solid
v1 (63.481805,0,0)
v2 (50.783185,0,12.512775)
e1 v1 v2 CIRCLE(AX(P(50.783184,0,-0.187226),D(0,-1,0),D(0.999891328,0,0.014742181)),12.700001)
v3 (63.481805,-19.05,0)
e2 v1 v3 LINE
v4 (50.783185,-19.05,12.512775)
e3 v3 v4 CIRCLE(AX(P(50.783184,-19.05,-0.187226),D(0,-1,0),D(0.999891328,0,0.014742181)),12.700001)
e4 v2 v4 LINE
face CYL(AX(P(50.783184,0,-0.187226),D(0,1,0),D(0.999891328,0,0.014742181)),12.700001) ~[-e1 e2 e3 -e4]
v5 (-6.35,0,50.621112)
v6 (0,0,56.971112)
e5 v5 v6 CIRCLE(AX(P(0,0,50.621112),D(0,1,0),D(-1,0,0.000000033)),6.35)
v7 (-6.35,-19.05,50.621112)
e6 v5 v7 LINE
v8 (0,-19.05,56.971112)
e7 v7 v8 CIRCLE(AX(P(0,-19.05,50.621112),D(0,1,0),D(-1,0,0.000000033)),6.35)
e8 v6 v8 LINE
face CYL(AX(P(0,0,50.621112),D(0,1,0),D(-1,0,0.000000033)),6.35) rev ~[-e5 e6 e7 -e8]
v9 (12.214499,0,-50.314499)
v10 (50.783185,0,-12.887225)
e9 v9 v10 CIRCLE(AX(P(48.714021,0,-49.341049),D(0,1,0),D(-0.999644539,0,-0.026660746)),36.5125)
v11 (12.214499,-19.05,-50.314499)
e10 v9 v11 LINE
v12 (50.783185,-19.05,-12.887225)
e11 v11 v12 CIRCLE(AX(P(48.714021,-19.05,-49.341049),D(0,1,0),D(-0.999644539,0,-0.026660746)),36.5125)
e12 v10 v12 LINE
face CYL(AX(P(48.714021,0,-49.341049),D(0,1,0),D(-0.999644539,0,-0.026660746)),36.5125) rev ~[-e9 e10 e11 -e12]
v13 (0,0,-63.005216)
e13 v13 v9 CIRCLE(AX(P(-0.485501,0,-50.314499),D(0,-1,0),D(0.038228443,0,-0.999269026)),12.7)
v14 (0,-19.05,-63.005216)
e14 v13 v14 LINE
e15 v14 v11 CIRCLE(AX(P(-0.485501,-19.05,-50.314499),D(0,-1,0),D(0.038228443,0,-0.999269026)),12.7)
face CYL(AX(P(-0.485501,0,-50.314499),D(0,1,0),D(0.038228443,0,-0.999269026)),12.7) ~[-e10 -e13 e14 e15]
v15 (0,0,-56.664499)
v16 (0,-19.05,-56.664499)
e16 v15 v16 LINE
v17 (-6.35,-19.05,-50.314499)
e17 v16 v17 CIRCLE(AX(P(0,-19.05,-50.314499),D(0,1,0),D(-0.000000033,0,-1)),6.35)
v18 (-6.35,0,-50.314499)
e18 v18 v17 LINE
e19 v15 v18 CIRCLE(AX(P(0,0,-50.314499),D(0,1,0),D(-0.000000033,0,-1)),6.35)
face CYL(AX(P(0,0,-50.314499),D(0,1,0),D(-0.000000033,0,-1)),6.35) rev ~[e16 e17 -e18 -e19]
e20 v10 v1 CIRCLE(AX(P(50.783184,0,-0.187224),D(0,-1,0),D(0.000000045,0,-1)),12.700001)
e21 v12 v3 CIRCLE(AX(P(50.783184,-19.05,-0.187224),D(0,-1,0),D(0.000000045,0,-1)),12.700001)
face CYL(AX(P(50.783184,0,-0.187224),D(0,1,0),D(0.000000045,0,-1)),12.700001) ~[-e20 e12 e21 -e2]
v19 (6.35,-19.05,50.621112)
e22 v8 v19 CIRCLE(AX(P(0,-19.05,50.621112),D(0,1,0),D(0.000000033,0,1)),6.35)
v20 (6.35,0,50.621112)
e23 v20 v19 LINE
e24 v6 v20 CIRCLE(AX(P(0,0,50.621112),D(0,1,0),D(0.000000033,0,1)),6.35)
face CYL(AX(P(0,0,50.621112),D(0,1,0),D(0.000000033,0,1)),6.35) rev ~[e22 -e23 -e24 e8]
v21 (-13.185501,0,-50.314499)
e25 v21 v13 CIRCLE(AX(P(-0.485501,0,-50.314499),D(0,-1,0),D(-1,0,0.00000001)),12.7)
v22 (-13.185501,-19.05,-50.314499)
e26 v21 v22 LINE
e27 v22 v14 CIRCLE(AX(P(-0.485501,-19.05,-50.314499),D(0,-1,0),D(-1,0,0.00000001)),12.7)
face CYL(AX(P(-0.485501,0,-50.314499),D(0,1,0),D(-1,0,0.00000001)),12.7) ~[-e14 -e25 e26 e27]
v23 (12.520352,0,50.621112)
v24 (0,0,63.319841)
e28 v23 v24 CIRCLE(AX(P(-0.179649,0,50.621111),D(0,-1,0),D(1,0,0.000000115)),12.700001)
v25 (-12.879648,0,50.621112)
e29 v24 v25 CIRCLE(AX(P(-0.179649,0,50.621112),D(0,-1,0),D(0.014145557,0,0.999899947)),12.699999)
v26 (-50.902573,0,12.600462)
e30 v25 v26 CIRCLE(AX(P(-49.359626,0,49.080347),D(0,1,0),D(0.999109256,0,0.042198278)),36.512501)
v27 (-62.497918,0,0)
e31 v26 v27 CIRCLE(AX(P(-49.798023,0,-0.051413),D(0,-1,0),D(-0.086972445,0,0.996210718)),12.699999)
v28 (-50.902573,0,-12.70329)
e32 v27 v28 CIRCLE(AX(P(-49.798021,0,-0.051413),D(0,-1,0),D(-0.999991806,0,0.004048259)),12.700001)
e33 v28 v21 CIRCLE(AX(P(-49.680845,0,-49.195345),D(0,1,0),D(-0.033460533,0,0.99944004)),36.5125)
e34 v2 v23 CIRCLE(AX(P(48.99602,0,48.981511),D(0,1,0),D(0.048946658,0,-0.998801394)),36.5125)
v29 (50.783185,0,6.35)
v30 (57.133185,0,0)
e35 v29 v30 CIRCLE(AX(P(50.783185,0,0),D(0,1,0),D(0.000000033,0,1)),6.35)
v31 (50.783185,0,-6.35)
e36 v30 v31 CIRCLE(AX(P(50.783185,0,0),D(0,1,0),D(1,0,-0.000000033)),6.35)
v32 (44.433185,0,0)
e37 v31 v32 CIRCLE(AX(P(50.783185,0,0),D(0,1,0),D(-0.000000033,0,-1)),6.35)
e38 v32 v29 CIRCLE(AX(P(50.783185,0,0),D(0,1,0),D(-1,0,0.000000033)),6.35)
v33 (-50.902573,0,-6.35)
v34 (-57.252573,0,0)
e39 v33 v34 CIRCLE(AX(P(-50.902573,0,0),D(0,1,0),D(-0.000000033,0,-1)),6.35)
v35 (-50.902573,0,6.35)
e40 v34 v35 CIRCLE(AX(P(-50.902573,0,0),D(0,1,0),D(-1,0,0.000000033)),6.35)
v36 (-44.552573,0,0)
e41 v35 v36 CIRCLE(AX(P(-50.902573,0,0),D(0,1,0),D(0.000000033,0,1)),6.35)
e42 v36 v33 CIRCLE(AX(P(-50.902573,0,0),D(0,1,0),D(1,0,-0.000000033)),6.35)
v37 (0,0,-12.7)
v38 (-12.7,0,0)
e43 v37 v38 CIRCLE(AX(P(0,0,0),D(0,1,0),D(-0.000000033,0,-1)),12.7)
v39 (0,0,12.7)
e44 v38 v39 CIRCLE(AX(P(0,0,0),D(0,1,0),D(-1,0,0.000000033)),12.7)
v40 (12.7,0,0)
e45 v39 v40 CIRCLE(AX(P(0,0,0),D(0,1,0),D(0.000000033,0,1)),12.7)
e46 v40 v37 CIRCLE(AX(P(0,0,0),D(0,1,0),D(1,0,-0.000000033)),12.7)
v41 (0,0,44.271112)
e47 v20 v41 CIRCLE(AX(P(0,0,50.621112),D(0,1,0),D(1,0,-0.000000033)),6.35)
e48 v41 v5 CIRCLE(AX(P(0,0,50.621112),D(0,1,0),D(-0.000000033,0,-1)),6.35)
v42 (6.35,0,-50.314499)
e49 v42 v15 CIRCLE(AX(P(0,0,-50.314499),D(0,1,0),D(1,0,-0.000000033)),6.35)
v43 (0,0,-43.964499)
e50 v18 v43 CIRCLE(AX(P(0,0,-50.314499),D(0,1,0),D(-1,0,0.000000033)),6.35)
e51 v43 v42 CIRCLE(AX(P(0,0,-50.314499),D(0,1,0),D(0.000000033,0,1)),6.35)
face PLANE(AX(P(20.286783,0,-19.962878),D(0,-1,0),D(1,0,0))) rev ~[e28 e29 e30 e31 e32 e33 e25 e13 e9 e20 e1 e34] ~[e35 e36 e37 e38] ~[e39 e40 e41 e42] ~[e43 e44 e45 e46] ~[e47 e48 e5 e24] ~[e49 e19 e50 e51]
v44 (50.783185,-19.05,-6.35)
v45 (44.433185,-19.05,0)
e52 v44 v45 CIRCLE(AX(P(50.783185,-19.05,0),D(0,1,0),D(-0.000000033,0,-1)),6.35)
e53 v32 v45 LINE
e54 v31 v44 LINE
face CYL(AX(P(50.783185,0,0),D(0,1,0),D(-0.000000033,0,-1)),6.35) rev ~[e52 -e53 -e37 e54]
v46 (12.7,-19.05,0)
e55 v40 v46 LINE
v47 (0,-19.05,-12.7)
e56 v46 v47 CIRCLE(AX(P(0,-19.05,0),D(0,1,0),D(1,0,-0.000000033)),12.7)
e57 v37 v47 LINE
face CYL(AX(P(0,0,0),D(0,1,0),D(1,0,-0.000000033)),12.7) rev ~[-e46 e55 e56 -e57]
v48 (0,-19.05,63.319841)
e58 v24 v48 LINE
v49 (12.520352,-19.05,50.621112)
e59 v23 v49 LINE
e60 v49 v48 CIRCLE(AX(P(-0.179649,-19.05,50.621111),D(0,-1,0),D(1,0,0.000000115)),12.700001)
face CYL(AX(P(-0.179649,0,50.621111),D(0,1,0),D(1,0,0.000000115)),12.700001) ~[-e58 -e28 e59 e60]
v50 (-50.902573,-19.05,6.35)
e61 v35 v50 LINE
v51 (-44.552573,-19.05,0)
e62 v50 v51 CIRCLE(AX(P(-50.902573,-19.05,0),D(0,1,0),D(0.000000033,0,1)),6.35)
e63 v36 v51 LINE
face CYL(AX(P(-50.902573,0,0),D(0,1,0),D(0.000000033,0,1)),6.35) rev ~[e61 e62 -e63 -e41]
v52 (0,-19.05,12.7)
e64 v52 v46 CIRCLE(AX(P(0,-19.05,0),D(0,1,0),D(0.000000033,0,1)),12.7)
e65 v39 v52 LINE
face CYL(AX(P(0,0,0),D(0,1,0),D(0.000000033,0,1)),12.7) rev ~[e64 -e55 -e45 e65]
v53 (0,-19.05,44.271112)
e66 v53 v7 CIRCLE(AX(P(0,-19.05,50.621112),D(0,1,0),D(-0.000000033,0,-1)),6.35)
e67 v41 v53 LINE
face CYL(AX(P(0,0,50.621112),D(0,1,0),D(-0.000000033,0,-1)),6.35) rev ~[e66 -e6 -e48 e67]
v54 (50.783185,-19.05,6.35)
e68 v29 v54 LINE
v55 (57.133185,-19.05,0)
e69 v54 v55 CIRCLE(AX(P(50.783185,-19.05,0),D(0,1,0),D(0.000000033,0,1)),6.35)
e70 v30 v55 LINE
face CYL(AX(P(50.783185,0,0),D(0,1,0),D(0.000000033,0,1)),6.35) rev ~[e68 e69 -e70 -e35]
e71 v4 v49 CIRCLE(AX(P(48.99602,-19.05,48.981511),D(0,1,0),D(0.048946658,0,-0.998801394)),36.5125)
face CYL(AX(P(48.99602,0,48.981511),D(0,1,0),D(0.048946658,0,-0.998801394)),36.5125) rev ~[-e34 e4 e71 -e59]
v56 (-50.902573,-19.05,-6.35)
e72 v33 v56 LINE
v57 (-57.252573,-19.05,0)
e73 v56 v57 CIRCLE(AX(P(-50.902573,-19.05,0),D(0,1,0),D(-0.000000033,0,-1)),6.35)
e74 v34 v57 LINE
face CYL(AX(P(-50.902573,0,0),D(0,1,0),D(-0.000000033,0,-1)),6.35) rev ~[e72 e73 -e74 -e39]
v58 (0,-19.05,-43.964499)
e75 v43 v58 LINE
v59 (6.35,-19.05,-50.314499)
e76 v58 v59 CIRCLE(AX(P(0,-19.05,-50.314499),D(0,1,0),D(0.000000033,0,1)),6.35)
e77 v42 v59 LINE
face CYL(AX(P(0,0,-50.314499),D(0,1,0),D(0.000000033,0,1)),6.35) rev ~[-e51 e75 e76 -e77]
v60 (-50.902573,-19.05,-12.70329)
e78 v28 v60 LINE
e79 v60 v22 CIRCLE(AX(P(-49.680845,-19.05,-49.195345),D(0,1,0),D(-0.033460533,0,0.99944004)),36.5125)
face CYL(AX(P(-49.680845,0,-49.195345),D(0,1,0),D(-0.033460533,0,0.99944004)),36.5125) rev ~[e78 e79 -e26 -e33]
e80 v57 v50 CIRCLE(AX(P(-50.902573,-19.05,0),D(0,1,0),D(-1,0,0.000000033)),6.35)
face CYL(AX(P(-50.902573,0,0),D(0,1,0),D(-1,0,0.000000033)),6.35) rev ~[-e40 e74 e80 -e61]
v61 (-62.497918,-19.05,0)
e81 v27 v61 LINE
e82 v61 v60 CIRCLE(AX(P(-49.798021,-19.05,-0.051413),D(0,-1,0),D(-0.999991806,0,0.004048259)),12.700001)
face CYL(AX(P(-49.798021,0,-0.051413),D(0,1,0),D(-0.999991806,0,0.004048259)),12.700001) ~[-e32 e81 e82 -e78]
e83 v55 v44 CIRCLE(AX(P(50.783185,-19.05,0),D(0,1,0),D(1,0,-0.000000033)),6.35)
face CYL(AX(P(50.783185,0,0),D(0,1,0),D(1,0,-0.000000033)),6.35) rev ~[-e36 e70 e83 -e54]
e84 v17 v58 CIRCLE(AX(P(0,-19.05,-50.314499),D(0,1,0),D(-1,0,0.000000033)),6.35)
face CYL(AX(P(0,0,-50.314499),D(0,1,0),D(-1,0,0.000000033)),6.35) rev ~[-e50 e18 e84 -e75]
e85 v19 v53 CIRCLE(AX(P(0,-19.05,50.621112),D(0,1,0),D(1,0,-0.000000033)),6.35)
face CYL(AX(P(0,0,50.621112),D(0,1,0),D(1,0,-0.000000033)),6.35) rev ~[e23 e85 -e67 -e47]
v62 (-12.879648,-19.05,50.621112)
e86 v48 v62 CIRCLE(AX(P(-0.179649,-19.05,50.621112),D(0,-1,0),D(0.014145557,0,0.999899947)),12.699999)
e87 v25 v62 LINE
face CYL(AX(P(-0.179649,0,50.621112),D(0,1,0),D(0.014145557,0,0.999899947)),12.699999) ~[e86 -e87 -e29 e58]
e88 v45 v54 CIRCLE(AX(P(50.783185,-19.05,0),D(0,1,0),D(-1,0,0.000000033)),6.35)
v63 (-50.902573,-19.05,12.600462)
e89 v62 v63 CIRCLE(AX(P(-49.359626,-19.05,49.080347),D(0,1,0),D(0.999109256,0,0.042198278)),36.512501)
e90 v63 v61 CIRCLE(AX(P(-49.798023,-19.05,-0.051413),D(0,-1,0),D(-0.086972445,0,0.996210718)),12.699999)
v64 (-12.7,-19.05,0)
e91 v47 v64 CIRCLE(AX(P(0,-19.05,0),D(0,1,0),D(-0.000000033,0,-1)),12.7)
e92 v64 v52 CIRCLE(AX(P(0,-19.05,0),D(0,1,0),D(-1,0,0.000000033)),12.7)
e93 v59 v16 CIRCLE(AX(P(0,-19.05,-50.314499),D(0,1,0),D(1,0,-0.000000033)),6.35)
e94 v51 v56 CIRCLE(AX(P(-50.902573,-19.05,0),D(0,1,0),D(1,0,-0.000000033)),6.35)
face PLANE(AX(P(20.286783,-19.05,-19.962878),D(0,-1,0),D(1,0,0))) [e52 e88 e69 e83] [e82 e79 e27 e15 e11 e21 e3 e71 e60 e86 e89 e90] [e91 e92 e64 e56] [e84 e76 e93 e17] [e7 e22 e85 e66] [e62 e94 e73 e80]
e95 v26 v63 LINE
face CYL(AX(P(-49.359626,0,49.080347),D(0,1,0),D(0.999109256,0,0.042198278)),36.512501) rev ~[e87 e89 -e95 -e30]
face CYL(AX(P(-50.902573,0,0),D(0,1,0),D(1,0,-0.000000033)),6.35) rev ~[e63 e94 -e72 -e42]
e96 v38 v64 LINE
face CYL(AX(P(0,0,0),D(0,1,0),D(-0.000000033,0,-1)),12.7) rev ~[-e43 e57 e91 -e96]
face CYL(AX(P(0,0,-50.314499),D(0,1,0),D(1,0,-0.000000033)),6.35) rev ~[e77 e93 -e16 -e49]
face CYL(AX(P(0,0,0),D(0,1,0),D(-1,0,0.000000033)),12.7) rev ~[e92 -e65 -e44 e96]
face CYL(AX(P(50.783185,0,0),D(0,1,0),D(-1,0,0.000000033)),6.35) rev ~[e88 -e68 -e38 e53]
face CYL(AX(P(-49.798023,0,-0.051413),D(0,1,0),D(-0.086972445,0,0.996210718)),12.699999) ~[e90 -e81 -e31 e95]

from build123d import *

# Parameters (mm, degrees)
F1_DEPTH = 19.05


with BuildPart() as f1:
    # F0 (on Front) → F1 (new body)
    with BuildSketch(Plane.XZ):
        with BuildLine():
            Line((44.433185, 0), (12.7, 0))
            ThreePointArc((12.7, 0), (8.980256, -8.980256), (0, -12.7))
            Line((0, -12.7), (0, -43.964499))
            ThreePointArc((0, -43.964499), (4.490128, -45.824371), (6.35, -50.314499))
            Line((6.35, -50.314499), (12.214499, -50.314499))
            ThreePointArc((12.214499, -50.314499), (23.286426, -23.137993), (50.783185, -12.887225))
            Line((50.783185, -12.887225), (50.783185, -6.35))
            ThreePointArc((50.783185, -6.35), (46.293057, -4.490128), (44.433185, 0))
        make_face()
        with BuildLine():
            ThreePointArc((0, 12.7), (8.980256, 8.980256), (12.7, 0))
            Line((12.7, 0), (44.433185, 0))
            ThreePointArc((44.433185, 0), (46.293057, 4.490128), (50.783185, 6.35))
            Line((50.783185, 6.35), (50.783185, 12.512775))
            ThreePointArc((50.783185, 12.512775), (23.230066, 23.111098), (12.520352, 50.621112))
            Line((12.520352, 50.621112), (6.35, 50.621112))
            ThreePointArc((6.35, 50.621112), (4.490128, 46.130984), (0, 44.271112))
            Line((0, 44.271112), (0, 12.7))
        make_face()
        with BuildLine():
            ThreePointArc((-12.7, 0), (-8.980256, 8.980256), (0, 12.7))
            Line((0, 12.7), (0, 44.271112))
            ThreePointArc((0, 44.271112), (-4.490128, 46.130984), (-6.35, 50.621112))
            Line((-6.35, 50.621112), (-12.879648, 50.621112))
            ThreePointArc((-12.879648, 50.621112), (-23.542161, 23.261338), (-50.902573, 12.600462))
            Line((-50.902573, 12.600462), (-50.902573, 6.35))
            ThreePointArc((-50.902573, 6.35), (-46.412445, 4.490128), (-44.552573, 0))
            Line((-44.552573, 0), (-12.7, 0))
        make_face()
        with BuildLine():
            Line((0, -43.964499), (0, -12.7))
            ThreePointArc((0, -12.7), (-8.980256, -8.980256), (-12.7, 0))
            Line((-12.7, 0), (-44.552573, 0))
            ThreePointArc((-44.552573, 0), (-46.412445, -4.490128), (-50.902573, -6.35))
            Line((-50.902573, -6.35), (-50.902573, -12.70329))
            ThreePointArc((-50.902573, -12.70329), (-23.898918, -23.34085), (-13.185501, -50.314499))
            Line((-13.185501, -50.314499), (-6.35, -50.314499))
            ThreePointArc((-6.35, -50.314499), (-4.490128, -45.824371), (0, -43.964499))
        make_face()
        with BuildLine():
            Line((50.783185, 12.512775), (50.783185, 6.35))
            ThreePointArc((50.783185, 6.35), (55.273313, 4.490128), (57.133185, 0))
            Line((57.133185, 0), (63.481805, 0))
            ThreePointArc((63.481805, 0), (59.697001, 8.858983), (50.783185, 12.512775))
        make_face()
        with BuildLine():
            ThreePointArc((57.133185, 0), (55.273313, -4.490128), (50.783185, -6.35))
            Line((50.783185, -6.35), (50.783185, -12.887225))
            ThreePointArc((50.783185, -12.887225), (59.829393, -9.101041), (63.481805, 0))
            Line((63.481805, 0), (57.133185, 0))
        make_face()
        with BuildLine():
            Line((-12.879648, 50.621112), (-6.35, 50.621112))
            ThreePointArc((-6.35, 50.621112), (-4.490128, 55.11124), (0, 56.971112))
            Line((0, 56.971112), (0, 63.319841))
            ThreePointArc((0, 63.319841), (-9.096163, 59.66466), (-12.879648, 50.621112))
        make_face()
        with BuildLine():
            ThreePointArc((0, 56.971112), (4.490128, 55.11124), (6.35, 50.621112))
            Line((6.35, 50.621112), (12.520352, 50.621112))
            ThreePointArc((12.520352, 50.621112), (8.8639, 59.537626), (0, 63.319841))
            Line((0, 63.319841), (0, 56.971112))
        make_face()
        with BuildLine():
            Line((12.214499, -50.314499), (6.35, -50.314499))
            ThreePointArc((6.35, -50.314499), (4.490128, -54.804627), (0, -56.664499))
            Line((0, -56.664499), (0, -63.005216))
            ThreePointArc((0, -63.005216), (8.664796, -59.121432), (12.214499, -50.314499))
        make_face()
        with BuildLine():
            ThreePointArc((0, -56.664499), (-4.490128, -54.804627), (-6.35, -50.314499))
            Line((-6.35, -50.314499), (-13.185501, -50.314499))
            ThreePointArc((-13.185501, -50.314499), (-9.292434, -59.464796), (0, -63.005216))
            Line((0, -63.005216), (0, -56.664499))
        make_face()
        with BuildLine():
            ThreePointArc((-57.252573, 0), (-55.392701, 4.490128), (-50.902573, 6.35))
            Line((-50.902573, 6.35), (-50.902573, 12.600462))
            ThreePointArc((-50.902573, 12.600462), (-59.143267, 8.548377), (-62.497918, 0))
            Line((-62.497918, 0), (-57.252573, 0))
        make_face()
        with BuildLine():
            Line((-50.902573, -12.70329), (-50.902573, -6.35))
            ThreePointArc((-50.902573, -6.35), (-55.392701, -4.490128), (-57.252573, 0))
            Line((-57.252573, 0), (-62.497918, 0))
            ThreePointArc((-62.497918, 0), (-59.178005, -8.613301), (-50.902573, -12.70329))
        make_face()
    extrude(amount=F1_DEPTH)


solid = f1.part
